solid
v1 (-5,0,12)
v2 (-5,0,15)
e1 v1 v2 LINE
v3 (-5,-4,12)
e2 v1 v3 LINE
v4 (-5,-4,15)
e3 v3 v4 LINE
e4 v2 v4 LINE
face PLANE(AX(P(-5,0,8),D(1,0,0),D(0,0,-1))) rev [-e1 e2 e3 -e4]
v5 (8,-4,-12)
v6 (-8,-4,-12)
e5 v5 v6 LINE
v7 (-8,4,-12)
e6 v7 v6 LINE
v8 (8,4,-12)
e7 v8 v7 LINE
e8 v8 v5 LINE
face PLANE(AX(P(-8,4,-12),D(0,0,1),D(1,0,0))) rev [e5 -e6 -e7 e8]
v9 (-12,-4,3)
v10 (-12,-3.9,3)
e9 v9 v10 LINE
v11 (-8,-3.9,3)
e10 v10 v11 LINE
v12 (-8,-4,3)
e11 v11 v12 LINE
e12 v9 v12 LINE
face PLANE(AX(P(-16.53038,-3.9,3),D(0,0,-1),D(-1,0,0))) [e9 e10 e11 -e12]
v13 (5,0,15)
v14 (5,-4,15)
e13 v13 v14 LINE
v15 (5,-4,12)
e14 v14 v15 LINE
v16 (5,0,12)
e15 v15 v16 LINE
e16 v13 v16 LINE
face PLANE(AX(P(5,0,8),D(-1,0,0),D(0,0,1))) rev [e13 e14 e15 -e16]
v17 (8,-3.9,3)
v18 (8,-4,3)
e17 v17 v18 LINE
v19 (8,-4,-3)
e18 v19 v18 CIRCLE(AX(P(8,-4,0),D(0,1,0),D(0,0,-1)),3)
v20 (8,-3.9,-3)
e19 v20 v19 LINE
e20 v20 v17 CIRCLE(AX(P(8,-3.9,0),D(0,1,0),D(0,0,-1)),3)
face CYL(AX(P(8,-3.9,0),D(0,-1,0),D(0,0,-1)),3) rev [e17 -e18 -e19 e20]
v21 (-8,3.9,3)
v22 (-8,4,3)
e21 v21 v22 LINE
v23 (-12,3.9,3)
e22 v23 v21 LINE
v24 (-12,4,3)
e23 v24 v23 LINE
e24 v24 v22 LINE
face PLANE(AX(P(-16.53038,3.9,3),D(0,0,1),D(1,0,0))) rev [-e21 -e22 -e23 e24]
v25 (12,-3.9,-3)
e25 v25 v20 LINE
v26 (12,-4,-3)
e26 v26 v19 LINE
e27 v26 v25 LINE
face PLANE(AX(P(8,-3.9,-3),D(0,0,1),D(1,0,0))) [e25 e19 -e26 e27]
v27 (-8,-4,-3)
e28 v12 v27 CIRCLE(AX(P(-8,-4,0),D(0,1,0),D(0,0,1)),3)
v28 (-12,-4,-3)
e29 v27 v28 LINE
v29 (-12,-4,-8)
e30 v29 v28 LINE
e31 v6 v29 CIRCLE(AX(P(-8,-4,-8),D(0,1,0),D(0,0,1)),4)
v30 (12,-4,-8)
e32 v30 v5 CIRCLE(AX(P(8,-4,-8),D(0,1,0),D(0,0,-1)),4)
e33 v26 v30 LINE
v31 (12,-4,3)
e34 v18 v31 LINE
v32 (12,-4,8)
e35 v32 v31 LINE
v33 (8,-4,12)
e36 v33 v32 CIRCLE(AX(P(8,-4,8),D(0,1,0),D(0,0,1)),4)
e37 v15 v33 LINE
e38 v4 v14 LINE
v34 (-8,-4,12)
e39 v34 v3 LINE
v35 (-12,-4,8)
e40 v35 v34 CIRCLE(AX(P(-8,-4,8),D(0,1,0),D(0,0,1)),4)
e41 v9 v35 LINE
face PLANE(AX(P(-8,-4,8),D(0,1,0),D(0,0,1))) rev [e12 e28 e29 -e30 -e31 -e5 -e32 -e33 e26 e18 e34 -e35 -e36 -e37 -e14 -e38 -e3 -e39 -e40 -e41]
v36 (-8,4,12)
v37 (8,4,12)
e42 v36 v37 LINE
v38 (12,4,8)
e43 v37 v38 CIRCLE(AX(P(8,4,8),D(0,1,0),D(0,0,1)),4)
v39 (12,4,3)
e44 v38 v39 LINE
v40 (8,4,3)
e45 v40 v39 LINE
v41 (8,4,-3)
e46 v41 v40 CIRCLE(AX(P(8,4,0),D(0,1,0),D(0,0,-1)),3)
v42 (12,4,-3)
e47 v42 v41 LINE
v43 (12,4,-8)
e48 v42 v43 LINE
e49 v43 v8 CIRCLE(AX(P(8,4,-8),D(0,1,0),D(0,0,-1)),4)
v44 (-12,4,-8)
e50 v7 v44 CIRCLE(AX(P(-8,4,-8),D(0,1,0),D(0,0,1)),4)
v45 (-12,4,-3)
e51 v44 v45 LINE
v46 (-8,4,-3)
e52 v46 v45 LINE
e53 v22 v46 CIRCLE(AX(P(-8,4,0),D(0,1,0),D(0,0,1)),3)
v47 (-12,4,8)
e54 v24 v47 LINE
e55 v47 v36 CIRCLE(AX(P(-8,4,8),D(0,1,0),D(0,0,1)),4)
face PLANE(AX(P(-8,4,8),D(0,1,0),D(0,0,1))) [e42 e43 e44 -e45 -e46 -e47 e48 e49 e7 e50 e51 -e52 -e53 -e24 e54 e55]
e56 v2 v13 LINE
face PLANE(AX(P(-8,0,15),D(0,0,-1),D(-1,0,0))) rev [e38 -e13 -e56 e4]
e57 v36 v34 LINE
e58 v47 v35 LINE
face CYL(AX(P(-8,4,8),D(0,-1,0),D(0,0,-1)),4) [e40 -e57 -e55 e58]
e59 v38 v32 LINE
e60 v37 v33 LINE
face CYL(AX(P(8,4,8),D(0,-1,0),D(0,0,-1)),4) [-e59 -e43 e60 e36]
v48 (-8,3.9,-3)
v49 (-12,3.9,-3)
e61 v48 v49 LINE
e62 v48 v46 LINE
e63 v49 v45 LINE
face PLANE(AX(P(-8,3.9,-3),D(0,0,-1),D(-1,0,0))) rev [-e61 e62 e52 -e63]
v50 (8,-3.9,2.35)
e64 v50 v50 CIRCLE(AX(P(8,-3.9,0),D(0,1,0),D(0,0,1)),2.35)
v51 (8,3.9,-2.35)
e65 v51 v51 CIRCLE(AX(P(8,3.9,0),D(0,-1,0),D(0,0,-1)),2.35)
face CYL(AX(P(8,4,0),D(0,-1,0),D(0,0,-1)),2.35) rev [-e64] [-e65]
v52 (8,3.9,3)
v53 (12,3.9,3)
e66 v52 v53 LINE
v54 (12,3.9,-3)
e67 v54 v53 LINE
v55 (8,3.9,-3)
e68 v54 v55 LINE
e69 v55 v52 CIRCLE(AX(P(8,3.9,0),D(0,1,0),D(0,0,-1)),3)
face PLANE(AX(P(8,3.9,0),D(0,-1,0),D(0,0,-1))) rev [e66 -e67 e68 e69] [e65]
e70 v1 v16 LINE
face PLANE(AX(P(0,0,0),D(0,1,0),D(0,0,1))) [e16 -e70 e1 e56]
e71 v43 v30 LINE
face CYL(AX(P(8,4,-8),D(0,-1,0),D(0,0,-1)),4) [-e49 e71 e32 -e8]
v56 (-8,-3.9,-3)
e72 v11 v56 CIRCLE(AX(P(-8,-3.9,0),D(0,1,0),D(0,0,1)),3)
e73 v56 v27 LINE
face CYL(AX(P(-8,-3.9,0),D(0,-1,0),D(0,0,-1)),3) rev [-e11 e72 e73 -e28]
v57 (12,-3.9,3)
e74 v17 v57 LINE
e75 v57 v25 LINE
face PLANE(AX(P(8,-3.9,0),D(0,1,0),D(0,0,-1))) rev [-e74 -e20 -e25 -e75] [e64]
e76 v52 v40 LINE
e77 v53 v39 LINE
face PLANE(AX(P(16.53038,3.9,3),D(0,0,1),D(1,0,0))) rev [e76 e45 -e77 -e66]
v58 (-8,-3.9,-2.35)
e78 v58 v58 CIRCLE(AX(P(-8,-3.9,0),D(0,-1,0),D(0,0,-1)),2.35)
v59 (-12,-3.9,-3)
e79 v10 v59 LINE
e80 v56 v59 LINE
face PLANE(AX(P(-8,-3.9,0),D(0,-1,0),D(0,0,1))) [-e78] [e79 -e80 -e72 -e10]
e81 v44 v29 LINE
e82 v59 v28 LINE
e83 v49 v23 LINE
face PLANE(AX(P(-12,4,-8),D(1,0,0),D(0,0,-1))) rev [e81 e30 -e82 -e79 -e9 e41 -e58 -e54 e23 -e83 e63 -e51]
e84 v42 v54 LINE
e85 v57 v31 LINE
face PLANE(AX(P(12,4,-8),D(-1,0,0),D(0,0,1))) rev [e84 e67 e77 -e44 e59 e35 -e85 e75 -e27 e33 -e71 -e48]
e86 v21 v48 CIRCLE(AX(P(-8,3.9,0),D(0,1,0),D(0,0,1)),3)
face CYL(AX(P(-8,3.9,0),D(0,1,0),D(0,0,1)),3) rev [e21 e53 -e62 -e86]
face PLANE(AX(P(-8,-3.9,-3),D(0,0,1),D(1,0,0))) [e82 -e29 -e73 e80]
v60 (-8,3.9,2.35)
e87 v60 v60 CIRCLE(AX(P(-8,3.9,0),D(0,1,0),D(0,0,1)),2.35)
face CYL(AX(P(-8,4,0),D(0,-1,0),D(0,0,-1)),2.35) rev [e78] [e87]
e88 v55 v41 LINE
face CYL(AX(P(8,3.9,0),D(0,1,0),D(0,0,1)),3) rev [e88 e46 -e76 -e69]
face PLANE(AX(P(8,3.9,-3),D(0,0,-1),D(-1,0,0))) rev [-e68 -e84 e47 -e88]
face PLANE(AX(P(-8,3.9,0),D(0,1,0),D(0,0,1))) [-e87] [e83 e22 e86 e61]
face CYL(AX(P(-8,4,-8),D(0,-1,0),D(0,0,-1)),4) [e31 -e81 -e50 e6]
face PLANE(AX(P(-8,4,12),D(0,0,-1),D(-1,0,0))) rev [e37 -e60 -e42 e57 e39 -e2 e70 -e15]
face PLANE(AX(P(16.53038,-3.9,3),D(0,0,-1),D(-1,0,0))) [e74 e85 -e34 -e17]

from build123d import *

# Parameters (mm, degrees)
CROQUIS1_R              = 2.35
SALIENTE_EXTRUIR1_DEPTH = 4
SALIENTE_EXTRUIR2_START = -4
CROQUIS2_W              = 10
CROQUIS2_H              = 6
SALIENTE_EXTRUIR2_DEPTH = 4
CORTAR_EXTRUIR1_DEPTH   = 0.1


with BuildPart() as part:
    # Croquis1 → Saliente-Extruir1 (new body, symmetric)
    with BuildSketch(Plane(origin=(0, 0, 0), x_dir=(1, 0, 0), z_dir=(0, 1, 0))):
        with BuildLine():
            Line((-8, 12), (8, 12))
            ThreePointArc((8, 12), (10.828427125, 10.828427125), (12, 8))
            Line((12, 8), (12, -8))
            ThreePointArc((12, -8), (10.828427125, -10.828427125), (8, -12))
            Line((8, -12), (-8, -12))
            ThreePointArc((-8, -12), (-10.828427125, -10.828427125), (-12, -8))
            Line((-12, -8), (-12, 8))
            ThreePointArc((-12, 8), (-10.828427125, 10.828427125), (-8, 12))
        make_face()
        with Locations((-8, 0)):
            Circle(CROQUIS1_R, mode=Mode.SUBTRACT)
        with Locations((8, 0)):
            Circle(CROQUIS1_R, mode=Mode.SUBTRACT)
    extrude(amount=SALIENTE_EXTRUIR1_DEPTH, both=True)

    # Croquis2 → Saliente-Extruir2 (add)
    with BuildSketch(Plane(origin=(0, 0, 0), x_dir=(1, 0, 0), z_dir=(0, 1, 0)).offset(SALIENTE_EXTRUIR2_START)):
        with Locations((0, -12)):
            Rectangle(CROQUIS2_W, CROQUIS2_H)
    extrude(amount=SALIENTE_EXTRUIR2_DEPTH)

    # Croquis3 → Cortar-Extruir1 (cut)
    with BuildSketch(Plane(origin=(0, 4, 0), x_dir=(1, 0, 0), z_dir=(0, 1, 0))):
        with BuildLine():
            Line((-8, 3), (-16.530379626, 3))
            Line((-16.530379626, 3), (-16.530379626, -3))
            Line((-16.530379626, -3), (-8, -3))
            ThreePointArc((-8, -3), (-5, 0), (-8, 3))
        make_face()
        with BuildLine():
            Line((16.530379626, -3), (8, -3))
            ThreePointArc((8, -3), (5, 0), (8, 3))
            Line((8, 3), (16.530379626, 3))
            Line((16.530379626, 3), (16.530379626, -3))
        make_face()
    cortar_extruir1 = extrude(amount=-CORTAR_EXTRUIR1_DEPTH, mode=Mode.SUBTRACT)

    # Simetría1: Cortar-Extruir1 across plane
    add(cortar_extruir1.mirror(Plane.ZX), mode=Mode.SUBTRACT)


solid = part.part
